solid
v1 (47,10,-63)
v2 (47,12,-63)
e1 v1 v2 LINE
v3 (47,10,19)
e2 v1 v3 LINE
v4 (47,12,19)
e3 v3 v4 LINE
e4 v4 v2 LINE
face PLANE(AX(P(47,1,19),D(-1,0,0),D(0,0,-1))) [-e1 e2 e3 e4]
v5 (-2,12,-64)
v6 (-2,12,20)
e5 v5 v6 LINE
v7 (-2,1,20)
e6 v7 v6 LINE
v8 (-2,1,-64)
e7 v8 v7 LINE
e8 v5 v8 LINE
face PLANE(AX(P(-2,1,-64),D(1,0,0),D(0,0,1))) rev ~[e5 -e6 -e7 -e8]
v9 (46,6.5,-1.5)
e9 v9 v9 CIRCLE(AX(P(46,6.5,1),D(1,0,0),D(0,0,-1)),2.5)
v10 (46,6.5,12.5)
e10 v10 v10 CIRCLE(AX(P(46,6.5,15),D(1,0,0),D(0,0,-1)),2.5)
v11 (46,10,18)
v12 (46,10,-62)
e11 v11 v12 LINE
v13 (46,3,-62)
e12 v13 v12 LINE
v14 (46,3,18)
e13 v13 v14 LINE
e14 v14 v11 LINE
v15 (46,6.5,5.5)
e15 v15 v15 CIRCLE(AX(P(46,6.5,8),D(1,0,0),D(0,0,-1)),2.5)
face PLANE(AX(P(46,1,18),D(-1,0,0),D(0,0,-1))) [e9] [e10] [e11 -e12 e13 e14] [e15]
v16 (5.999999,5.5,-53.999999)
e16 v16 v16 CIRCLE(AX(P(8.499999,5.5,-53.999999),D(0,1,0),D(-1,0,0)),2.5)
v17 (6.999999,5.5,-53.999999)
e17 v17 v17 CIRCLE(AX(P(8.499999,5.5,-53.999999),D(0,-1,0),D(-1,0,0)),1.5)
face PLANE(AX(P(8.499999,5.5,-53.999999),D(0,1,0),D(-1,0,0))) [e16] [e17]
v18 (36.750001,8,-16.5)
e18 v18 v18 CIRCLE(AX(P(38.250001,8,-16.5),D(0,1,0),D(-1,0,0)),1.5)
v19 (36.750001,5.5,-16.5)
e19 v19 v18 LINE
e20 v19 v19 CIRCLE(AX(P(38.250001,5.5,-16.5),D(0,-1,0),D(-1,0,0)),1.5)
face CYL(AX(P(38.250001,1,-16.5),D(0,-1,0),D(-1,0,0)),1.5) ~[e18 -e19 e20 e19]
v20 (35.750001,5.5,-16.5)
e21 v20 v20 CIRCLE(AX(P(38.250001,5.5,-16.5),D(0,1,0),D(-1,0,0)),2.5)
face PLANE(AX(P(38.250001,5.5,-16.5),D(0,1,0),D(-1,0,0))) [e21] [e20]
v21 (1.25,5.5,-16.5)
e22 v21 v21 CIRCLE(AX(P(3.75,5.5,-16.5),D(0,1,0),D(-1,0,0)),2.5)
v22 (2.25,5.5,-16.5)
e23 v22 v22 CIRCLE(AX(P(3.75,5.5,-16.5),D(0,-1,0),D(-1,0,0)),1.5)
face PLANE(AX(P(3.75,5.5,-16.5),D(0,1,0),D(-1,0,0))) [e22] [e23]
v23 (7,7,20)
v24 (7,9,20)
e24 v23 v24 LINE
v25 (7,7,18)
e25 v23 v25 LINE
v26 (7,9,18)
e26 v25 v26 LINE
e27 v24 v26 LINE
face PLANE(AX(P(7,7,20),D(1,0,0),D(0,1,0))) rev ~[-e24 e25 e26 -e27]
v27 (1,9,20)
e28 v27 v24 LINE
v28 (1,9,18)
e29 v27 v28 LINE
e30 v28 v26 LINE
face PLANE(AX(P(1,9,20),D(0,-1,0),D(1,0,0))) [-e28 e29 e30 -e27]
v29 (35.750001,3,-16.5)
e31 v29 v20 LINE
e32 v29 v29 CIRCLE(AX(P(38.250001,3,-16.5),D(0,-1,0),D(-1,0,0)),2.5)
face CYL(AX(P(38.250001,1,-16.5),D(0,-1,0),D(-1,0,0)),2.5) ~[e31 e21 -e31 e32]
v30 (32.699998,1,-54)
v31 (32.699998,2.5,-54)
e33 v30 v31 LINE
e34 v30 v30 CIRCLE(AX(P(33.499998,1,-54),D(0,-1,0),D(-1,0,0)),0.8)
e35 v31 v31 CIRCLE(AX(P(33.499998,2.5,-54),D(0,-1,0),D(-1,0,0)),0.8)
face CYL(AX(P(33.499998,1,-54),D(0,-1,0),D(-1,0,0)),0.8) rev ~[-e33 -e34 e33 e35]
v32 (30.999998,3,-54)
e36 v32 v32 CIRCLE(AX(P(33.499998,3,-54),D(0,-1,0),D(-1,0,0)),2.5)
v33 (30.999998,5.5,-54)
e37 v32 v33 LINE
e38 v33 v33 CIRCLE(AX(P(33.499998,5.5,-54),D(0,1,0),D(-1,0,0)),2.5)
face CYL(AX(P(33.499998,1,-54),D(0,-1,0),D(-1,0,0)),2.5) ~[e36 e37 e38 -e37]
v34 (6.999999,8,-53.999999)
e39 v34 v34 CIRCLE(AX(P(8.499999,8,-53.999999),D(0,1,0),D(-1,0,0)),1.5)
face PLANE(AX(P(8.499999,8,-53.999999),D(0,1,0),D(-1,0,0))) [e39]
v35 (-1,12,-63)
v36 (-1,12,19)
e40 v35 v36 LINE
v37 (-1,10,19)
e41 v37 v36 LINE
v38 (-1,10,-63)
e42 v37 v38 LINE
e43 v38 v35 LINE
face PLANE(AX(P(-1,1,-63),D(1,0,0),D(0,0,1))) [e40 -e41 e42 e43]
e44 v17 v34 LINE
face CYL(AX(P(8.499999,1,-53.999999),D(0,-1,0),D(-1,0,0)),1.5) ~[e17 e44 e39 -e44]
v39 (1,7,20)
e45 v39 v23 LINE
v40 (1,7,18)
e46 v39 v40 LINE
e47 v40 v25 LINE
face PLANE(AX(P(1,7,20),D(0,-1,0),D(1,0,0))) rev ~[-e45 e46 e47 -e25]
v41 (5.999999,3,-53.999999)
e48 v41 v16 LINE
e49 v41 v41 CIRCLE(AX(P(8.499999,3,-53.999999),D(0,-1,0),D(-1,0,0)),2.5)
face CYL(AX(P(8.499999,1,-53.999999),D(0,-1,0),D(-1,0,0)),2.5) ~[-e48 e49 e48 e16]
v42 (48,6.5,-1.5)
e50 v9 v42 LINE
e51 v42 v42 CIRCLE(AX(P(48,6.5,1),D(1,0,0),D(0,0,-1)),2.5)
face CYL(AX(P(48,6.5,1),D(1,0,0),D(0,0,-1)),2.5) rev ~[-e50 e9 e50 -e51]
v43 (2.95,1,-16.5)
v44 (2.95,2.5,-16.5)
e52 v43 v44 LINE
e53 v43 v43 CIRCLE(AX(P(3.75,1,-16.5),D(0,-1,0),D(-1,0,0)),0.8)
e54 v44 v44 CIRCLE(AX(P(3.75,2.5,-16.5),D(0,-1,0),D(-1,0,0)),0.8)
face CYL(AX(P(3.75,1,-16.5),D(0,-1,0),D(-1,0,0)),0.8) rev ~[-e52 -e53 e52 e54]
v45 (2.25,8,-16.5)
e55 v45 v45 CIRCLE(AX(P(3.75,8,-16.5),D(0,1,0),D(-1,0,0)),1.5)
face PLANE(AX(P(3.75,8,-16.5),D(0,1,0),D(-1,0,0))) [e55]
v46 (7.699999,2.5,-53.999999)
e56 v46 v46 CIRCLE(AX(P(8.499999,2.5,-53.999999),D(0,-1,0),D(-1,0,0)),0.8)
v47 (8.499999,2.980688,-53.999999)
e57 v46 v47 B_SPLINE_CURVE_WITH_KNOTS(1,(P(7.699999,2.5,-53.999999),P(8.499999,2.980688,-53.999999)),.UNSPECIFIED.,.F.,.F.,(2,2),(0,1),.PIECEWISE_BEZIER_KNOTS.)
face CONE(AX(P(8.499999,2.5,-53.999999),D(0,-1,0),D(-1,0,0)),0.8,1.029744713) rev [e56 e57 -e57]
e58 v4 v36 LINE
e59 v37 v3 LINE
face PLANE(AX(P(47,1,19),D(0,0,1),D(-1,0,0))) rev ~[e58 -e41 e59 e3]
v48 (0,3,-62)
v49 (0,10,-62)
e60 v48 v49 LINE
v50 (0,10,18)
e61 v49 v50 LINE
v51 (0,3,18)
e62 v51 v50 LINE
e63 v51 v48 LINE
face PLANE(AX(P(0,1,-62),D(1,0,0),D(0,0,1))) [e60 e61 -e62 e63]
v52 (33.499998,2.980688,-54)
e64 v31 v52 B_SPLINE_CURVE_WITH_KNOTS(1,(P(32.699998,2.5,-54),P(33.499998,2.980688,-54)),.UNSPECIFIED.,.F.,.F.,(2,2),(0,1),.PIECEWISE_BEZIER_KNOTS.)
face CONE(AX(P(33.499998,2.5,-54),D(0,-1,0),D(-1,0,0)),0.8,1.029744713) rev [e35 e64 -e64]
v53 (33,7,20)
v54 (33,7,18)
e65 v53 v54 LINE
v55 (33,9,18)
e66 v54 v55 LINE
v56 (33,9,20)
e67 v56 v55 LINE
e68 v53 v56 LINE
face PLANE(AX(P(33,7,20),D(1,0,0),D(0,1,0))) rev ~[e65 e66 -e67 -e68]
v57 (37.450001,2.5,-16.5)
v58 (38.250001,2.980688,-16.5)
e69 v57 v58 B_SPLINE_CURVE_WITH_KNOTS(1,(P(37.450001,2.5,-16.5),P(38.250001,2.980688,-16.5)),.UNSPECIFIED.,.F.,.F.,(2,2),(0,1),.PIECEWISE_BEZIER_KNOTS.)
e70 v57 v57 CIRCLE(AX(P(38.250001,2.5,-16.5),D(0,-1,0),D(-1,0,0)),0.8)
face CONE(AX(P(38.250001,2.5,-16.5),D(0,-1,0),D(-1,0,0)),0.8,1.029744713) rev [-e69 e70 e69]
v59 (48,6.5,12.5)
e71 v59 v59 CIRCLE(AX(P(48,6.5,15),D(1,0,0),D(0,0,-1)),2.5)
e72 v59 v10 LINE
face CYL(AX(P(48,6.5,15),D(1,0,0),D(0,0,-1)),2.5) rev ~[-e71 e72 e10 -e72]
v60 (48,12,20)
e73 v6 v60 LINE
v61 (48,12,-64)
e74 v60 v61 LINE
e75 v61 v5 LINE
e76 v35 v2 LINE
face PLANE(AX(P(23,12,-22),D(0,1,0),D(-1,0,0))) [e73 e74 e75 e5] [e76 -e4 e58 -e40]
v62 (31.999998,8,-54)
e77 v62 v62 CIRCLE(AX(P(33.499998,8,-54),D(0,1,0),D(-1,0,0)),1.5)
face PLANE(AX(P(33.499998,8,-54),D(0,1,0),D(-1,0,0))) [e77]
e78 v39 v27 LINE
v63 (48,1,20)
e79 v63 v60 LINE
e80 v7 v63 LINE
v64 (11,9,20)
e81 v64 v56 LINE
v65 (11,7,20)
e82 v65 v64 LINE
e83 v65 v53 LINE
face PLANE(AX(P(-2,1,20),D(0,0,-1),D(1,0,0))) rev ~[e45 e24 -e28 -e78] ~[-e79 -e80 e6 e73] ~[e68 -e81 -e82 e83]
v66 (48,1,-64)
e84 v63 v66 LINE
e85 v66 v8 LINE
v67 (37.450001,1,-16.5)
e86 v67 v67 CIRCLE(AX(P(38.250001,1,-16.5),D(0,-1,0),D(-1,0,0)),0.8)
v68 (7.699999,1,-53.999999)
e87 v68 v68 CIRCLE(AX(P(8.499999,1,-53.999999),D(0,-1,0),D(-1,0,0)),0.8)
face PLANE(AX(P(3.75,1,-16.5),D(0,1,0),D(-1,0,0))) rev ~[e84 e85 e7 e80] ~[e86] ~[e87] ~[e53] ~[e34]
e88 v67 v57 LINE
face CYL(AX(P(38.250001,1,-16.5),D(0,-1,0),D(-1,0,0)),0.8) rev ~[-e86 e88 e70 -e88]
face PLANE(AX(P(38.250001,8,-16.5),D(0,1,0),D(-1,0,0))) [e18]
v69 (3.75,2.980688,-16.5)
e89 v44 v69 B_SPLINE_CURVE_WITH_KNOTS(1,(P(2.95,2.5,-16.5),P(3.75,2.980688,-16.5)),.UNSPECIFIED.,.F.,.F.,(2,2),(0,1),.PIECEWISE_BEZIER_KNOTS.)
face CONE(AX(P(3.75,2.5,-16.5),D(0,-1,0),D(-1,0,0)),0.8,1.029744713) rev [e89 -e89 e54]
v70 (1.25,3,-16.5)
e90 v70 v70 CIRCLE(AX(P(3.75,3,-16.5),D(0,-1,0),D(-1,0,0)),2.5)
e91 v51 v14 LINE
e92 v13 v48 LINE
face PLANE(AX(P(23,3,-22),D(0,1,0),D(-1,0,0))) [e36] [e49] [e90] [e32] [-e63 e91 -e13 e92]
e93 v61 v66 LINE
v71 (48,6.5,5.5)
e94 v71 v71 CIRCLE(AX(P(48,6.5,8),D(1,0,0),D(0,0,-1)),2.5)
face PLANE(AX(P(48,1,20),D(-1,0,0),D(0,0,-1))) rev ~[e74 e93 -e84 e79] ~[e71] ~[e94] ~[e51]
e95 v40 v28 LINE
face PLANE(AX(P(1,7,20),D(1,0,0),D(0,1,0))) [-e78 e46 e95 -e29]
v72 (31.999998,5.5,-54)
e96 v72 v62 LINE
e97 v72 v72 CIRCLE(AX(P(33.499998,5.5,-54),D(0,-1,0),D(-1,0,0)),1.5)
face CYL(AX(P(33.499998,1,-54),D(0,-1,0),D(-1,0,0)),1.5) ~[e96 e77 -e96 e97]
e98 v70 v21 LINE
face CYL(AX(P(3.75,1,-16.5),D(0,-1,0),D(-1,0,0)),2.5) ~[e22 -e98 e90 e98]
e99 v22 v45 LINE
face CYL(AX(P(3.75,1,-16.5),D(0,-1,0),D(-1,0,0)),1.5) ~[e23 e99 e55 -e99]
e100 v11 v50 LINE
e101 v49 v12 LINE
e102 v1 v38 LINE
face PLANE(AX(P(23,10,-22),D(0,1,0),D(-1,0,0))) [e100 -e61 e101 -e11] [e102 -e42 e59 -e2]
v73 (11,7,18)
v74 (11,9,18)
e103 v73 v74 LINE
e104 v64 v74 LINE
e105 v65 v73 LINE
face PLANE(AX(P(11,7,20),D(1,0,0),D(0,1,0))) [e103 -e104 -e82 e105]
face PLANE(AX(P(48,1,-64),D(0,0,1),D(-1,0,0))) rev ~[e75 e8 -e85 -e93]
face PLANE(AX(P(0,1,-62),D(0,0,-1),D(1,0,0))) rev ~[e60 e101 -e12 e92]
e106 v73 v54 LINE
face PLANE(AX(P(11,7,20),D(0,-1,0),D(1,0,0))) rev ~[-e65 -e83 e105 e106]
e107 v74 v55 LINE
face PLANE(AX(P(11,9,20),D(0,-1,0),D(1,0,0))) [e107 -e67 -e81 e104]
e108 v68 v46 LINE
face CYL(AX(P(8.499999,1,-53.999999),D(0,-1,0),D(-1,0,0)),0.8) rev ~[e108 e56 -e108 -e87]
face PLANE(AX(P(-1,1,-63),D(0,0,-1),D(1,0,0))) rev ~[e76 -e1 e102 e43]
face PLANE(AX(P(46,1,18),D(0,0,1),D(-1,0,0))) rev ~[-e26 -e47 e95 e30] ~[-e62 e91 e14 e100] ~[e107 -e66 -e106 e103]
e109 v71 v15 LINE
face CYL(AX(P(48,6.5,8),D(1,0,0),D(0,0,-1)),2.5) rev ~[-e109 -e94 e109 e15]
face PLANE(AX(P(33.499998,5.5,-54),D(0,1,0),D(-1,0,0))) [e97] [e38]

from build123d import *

# Parameters (mm, degrees)
PAD_DEPTH       = 2
PAD001_DEPTH    = 9
PAD002_DEPTH    = 11
SKETCH005_R     = 2.5
PAD003_DEPTH    = 4.5
SKETCH006_R     = 1.5
PAD004_DEPTH    = 7
SKETCH007_W     = 22
SKETCH007_H     = 2
SKETCH007_W_2   = 6
POCKET_DEPTH    = 5
SKETCH008_R     = 2.5
POCKET001_DEPTH = 5
SKETCH009_R     = 0.8
HOLE_DEPTH      = 1.5
HOLE_TIPS_R     = 0.8


with BuildPart() as part:
    # Sketch002 → Pad (new body)
    with BuildSketch(Plane(origin=(0, 1, 0), x_dir=(-1, 0, 0), z_dir=(0, 1, 0))):
        Polygon((-44, -64), (2, -64), (2, 20), (-44, 20), (-48, 20), (-48, -64), align=None)
    extrude(amount=PAD_DEPTH)

    # Sketch003 → Pad001 (join)
    with BuildSketch(Plane(origin=(0, 1, 0), x_dir=(-1, 0, 0), z_dir=(0, 1, 0))):
        Polygon((-44, -64), (2, -64), (2, 20), (-44, 20), (-48, 20), (-48, -64), align=None)
        Polygon((-42, -62), (0, -62), (0, 18), (-42, 18), (-46, 18), (-46, -62), align=None, mode=Mode.SUBTRACT)
    extrude(amount=PAD001_DEPTH)

    # Sketch004 → Pad002 (join)
    with BuildSketch(Plane(origin=(0, 1, 0), x_dir=(-1, 0, 0), z_dir=(0, 1, 0))):
        Polygon((-44, -64), (2, -64), (2, 20), (-44, 20), (-48, 20), (-48, -64), align=None)
        Polygon((-43, -63), (1, -63), (1, 19), (-43, 19), (-47, 19), (-47, -63), align=None, mode=Mode.SUBTRACT)
    extrude(amount=PAD002_DEPTH)

    # Sketch005 → Pad003 (join)
    with BuildSketch(Plane(origin=(0, 1, 0), x_dir=(-1, 0, 0), z_dir=(0, 1, 0))):
        with Locations((-38.250001, -16.5)):
            Circle(SKETCH005_R)
        with Locations((-3.75, -16.5)):
            Circle(SKETCH005_R)
        with Locations((-33.499998, -54)):
            Circle(SKETCH005_R)
        with Locations((-8.499999, -53.999999)):
            Circle(SKETCH005_R)
    extrude(amount=PAD003_DEPTH)

    # Sketch006 → Pad004 (join)
    with BuildSketch(Plane(origin=(0, 1, 0), x_dir=(-1, 0, 0), z_dir=(0, 1, 0))):
        with Locations((-3.75, -16.5)):
            Circle(SKETCH006_R)
        with Locations((-38.250001, -16.5)):
            Circle(SKETCH006_R)
        with Locations((-8.499999, -53.999999)):
            Circle(SKETCH006_R)
        with Locations((-33.499998, -54)):
            Circle(SKETCH006_R)
    extrude(amount=PAD004_DEPTH)

    # Sketch007 (on Face15 of Pad004) → Pocket (cut)
    with BuildSketch(Plane(origin=(0, 1, 20), x_dir=(1, 0, 0), z_dir=(0, 0, 1))):
        with Locations((22, 7)):
            Rectangle(SKETCH007_W, SKETCH007_H)
        with Locations((4, 7)):
            Rectangle(SKETCH007_W_2, SKETCH007_H)
    extrude(amount=-POCKET_DEPTH, mode=Mode.SUBTRACT)

    # Sketch008 (on Face13 of Pocket) → Pocket001 (cut, symmetric)
    with BuildSketch(Plane(origin=(48, 1, 0), x_dir=(0, 0, -1), z_dir=(1, 0, 0))):
        with Locations((-15, 5.5)):
            Circle(SKETCH008_R)
        with Locations((-8, 5.5)):
            Circle(SKETCH008_R)
        with Locations((-1, 5.5)):
            Circle(SKETCH008_R)
    extrude(amount=POCKET001_DEPTH, both=True, mode=Mode.SUBTRACT)

    # Sketch009 (on Face18 of Pocket001) → Hole (cut)
    with BuildSketch(Plane(origin=(0, 1, 0), x_dir=(-1, 0, 0), z_dir=(0, -1, 0))):
        with Locations((-33.499998, 54)):
            Circle(SKETCH009_R)
        with Locations((-8.499999, 53.999999)):
            Circle(SKETCH009_R)
        with Locations((-38.250001, 16.5)):
            Circle(SKETCH009_R)
        with Locations((-3.75, 16.5)):
            Circle(SKETCH009_R)
    extrude(amount=-HOLE_DEPTH, mode=Mode.SUBTRACT)

    # Hole tips → Hole tip 1 section 0
    with BuildSketch(Plane(origin=(0, 2.5, 0), x_dir=(-1, 0, 0), z_dir=(0, -1, 0)), mode=Mode.PRIVATE) as hole_tip_1_s0:
        with Locations((-33.499998, 54)):
            Circle(HOLE_TIPS_R)
    loft([hole_tip_1_s0.sketch, Vertex(33.499998, 2.980688, -54)], mode=Mode.SUBTRACT)

    # Hole tips → Hole tip 2 section 0
    with BuildSketch(Plane(origin=(0, 2.5, 0), x_dir=(-1, 0, 0), z_dir=(0, -1, 0)), mode=Mode.PRIVATE) as hole_tip_2_s0:
        with Locations((-8.499999, 53.999999)):
            Circle(HOLE_TIPS_R)
    loft([hole_tip_2_s0.sketch, Vertex(8.499999, 2.980688, -53.999999)], mode=Mode.SUBTRACT)

    # Hole tips → Hole tip 3 section 0
    with BuildSketch(Plane(origin=(0, 2.5, 0), x_dir=(-1, 0, 0), z_dir=(0, -1, 0)), mode=Mode.PRIVATE) as hole_tip_3_s0:
        with Locations((-38.250001, 16.5)):
            Circle(HOLE_TIPS_R)
    loft([hole_tip_3_s0.sketch, Vertex(38.250001, 2.980688, -16.5)], mode=Mode.SUBTRACT)

    # Hole tips → Hole tip 4 section 0
    with BuildSketch(Plane(origin=(0, 2.5, 0), x_dir=(-1, 0, 0), z_dir=(0, -1, 0)), mode=Mode.PRIVATE) as hole_tip_4_s0:
        with Locations((-3.75, 16.5)):
            Circle(HOLE_TIPS_R)
    loft([hole_tip_4_s0.sketch, Vertex(3.75, 2.980688, -16.5)], mode=Mode.SUBTRACT)


solid = part.part
